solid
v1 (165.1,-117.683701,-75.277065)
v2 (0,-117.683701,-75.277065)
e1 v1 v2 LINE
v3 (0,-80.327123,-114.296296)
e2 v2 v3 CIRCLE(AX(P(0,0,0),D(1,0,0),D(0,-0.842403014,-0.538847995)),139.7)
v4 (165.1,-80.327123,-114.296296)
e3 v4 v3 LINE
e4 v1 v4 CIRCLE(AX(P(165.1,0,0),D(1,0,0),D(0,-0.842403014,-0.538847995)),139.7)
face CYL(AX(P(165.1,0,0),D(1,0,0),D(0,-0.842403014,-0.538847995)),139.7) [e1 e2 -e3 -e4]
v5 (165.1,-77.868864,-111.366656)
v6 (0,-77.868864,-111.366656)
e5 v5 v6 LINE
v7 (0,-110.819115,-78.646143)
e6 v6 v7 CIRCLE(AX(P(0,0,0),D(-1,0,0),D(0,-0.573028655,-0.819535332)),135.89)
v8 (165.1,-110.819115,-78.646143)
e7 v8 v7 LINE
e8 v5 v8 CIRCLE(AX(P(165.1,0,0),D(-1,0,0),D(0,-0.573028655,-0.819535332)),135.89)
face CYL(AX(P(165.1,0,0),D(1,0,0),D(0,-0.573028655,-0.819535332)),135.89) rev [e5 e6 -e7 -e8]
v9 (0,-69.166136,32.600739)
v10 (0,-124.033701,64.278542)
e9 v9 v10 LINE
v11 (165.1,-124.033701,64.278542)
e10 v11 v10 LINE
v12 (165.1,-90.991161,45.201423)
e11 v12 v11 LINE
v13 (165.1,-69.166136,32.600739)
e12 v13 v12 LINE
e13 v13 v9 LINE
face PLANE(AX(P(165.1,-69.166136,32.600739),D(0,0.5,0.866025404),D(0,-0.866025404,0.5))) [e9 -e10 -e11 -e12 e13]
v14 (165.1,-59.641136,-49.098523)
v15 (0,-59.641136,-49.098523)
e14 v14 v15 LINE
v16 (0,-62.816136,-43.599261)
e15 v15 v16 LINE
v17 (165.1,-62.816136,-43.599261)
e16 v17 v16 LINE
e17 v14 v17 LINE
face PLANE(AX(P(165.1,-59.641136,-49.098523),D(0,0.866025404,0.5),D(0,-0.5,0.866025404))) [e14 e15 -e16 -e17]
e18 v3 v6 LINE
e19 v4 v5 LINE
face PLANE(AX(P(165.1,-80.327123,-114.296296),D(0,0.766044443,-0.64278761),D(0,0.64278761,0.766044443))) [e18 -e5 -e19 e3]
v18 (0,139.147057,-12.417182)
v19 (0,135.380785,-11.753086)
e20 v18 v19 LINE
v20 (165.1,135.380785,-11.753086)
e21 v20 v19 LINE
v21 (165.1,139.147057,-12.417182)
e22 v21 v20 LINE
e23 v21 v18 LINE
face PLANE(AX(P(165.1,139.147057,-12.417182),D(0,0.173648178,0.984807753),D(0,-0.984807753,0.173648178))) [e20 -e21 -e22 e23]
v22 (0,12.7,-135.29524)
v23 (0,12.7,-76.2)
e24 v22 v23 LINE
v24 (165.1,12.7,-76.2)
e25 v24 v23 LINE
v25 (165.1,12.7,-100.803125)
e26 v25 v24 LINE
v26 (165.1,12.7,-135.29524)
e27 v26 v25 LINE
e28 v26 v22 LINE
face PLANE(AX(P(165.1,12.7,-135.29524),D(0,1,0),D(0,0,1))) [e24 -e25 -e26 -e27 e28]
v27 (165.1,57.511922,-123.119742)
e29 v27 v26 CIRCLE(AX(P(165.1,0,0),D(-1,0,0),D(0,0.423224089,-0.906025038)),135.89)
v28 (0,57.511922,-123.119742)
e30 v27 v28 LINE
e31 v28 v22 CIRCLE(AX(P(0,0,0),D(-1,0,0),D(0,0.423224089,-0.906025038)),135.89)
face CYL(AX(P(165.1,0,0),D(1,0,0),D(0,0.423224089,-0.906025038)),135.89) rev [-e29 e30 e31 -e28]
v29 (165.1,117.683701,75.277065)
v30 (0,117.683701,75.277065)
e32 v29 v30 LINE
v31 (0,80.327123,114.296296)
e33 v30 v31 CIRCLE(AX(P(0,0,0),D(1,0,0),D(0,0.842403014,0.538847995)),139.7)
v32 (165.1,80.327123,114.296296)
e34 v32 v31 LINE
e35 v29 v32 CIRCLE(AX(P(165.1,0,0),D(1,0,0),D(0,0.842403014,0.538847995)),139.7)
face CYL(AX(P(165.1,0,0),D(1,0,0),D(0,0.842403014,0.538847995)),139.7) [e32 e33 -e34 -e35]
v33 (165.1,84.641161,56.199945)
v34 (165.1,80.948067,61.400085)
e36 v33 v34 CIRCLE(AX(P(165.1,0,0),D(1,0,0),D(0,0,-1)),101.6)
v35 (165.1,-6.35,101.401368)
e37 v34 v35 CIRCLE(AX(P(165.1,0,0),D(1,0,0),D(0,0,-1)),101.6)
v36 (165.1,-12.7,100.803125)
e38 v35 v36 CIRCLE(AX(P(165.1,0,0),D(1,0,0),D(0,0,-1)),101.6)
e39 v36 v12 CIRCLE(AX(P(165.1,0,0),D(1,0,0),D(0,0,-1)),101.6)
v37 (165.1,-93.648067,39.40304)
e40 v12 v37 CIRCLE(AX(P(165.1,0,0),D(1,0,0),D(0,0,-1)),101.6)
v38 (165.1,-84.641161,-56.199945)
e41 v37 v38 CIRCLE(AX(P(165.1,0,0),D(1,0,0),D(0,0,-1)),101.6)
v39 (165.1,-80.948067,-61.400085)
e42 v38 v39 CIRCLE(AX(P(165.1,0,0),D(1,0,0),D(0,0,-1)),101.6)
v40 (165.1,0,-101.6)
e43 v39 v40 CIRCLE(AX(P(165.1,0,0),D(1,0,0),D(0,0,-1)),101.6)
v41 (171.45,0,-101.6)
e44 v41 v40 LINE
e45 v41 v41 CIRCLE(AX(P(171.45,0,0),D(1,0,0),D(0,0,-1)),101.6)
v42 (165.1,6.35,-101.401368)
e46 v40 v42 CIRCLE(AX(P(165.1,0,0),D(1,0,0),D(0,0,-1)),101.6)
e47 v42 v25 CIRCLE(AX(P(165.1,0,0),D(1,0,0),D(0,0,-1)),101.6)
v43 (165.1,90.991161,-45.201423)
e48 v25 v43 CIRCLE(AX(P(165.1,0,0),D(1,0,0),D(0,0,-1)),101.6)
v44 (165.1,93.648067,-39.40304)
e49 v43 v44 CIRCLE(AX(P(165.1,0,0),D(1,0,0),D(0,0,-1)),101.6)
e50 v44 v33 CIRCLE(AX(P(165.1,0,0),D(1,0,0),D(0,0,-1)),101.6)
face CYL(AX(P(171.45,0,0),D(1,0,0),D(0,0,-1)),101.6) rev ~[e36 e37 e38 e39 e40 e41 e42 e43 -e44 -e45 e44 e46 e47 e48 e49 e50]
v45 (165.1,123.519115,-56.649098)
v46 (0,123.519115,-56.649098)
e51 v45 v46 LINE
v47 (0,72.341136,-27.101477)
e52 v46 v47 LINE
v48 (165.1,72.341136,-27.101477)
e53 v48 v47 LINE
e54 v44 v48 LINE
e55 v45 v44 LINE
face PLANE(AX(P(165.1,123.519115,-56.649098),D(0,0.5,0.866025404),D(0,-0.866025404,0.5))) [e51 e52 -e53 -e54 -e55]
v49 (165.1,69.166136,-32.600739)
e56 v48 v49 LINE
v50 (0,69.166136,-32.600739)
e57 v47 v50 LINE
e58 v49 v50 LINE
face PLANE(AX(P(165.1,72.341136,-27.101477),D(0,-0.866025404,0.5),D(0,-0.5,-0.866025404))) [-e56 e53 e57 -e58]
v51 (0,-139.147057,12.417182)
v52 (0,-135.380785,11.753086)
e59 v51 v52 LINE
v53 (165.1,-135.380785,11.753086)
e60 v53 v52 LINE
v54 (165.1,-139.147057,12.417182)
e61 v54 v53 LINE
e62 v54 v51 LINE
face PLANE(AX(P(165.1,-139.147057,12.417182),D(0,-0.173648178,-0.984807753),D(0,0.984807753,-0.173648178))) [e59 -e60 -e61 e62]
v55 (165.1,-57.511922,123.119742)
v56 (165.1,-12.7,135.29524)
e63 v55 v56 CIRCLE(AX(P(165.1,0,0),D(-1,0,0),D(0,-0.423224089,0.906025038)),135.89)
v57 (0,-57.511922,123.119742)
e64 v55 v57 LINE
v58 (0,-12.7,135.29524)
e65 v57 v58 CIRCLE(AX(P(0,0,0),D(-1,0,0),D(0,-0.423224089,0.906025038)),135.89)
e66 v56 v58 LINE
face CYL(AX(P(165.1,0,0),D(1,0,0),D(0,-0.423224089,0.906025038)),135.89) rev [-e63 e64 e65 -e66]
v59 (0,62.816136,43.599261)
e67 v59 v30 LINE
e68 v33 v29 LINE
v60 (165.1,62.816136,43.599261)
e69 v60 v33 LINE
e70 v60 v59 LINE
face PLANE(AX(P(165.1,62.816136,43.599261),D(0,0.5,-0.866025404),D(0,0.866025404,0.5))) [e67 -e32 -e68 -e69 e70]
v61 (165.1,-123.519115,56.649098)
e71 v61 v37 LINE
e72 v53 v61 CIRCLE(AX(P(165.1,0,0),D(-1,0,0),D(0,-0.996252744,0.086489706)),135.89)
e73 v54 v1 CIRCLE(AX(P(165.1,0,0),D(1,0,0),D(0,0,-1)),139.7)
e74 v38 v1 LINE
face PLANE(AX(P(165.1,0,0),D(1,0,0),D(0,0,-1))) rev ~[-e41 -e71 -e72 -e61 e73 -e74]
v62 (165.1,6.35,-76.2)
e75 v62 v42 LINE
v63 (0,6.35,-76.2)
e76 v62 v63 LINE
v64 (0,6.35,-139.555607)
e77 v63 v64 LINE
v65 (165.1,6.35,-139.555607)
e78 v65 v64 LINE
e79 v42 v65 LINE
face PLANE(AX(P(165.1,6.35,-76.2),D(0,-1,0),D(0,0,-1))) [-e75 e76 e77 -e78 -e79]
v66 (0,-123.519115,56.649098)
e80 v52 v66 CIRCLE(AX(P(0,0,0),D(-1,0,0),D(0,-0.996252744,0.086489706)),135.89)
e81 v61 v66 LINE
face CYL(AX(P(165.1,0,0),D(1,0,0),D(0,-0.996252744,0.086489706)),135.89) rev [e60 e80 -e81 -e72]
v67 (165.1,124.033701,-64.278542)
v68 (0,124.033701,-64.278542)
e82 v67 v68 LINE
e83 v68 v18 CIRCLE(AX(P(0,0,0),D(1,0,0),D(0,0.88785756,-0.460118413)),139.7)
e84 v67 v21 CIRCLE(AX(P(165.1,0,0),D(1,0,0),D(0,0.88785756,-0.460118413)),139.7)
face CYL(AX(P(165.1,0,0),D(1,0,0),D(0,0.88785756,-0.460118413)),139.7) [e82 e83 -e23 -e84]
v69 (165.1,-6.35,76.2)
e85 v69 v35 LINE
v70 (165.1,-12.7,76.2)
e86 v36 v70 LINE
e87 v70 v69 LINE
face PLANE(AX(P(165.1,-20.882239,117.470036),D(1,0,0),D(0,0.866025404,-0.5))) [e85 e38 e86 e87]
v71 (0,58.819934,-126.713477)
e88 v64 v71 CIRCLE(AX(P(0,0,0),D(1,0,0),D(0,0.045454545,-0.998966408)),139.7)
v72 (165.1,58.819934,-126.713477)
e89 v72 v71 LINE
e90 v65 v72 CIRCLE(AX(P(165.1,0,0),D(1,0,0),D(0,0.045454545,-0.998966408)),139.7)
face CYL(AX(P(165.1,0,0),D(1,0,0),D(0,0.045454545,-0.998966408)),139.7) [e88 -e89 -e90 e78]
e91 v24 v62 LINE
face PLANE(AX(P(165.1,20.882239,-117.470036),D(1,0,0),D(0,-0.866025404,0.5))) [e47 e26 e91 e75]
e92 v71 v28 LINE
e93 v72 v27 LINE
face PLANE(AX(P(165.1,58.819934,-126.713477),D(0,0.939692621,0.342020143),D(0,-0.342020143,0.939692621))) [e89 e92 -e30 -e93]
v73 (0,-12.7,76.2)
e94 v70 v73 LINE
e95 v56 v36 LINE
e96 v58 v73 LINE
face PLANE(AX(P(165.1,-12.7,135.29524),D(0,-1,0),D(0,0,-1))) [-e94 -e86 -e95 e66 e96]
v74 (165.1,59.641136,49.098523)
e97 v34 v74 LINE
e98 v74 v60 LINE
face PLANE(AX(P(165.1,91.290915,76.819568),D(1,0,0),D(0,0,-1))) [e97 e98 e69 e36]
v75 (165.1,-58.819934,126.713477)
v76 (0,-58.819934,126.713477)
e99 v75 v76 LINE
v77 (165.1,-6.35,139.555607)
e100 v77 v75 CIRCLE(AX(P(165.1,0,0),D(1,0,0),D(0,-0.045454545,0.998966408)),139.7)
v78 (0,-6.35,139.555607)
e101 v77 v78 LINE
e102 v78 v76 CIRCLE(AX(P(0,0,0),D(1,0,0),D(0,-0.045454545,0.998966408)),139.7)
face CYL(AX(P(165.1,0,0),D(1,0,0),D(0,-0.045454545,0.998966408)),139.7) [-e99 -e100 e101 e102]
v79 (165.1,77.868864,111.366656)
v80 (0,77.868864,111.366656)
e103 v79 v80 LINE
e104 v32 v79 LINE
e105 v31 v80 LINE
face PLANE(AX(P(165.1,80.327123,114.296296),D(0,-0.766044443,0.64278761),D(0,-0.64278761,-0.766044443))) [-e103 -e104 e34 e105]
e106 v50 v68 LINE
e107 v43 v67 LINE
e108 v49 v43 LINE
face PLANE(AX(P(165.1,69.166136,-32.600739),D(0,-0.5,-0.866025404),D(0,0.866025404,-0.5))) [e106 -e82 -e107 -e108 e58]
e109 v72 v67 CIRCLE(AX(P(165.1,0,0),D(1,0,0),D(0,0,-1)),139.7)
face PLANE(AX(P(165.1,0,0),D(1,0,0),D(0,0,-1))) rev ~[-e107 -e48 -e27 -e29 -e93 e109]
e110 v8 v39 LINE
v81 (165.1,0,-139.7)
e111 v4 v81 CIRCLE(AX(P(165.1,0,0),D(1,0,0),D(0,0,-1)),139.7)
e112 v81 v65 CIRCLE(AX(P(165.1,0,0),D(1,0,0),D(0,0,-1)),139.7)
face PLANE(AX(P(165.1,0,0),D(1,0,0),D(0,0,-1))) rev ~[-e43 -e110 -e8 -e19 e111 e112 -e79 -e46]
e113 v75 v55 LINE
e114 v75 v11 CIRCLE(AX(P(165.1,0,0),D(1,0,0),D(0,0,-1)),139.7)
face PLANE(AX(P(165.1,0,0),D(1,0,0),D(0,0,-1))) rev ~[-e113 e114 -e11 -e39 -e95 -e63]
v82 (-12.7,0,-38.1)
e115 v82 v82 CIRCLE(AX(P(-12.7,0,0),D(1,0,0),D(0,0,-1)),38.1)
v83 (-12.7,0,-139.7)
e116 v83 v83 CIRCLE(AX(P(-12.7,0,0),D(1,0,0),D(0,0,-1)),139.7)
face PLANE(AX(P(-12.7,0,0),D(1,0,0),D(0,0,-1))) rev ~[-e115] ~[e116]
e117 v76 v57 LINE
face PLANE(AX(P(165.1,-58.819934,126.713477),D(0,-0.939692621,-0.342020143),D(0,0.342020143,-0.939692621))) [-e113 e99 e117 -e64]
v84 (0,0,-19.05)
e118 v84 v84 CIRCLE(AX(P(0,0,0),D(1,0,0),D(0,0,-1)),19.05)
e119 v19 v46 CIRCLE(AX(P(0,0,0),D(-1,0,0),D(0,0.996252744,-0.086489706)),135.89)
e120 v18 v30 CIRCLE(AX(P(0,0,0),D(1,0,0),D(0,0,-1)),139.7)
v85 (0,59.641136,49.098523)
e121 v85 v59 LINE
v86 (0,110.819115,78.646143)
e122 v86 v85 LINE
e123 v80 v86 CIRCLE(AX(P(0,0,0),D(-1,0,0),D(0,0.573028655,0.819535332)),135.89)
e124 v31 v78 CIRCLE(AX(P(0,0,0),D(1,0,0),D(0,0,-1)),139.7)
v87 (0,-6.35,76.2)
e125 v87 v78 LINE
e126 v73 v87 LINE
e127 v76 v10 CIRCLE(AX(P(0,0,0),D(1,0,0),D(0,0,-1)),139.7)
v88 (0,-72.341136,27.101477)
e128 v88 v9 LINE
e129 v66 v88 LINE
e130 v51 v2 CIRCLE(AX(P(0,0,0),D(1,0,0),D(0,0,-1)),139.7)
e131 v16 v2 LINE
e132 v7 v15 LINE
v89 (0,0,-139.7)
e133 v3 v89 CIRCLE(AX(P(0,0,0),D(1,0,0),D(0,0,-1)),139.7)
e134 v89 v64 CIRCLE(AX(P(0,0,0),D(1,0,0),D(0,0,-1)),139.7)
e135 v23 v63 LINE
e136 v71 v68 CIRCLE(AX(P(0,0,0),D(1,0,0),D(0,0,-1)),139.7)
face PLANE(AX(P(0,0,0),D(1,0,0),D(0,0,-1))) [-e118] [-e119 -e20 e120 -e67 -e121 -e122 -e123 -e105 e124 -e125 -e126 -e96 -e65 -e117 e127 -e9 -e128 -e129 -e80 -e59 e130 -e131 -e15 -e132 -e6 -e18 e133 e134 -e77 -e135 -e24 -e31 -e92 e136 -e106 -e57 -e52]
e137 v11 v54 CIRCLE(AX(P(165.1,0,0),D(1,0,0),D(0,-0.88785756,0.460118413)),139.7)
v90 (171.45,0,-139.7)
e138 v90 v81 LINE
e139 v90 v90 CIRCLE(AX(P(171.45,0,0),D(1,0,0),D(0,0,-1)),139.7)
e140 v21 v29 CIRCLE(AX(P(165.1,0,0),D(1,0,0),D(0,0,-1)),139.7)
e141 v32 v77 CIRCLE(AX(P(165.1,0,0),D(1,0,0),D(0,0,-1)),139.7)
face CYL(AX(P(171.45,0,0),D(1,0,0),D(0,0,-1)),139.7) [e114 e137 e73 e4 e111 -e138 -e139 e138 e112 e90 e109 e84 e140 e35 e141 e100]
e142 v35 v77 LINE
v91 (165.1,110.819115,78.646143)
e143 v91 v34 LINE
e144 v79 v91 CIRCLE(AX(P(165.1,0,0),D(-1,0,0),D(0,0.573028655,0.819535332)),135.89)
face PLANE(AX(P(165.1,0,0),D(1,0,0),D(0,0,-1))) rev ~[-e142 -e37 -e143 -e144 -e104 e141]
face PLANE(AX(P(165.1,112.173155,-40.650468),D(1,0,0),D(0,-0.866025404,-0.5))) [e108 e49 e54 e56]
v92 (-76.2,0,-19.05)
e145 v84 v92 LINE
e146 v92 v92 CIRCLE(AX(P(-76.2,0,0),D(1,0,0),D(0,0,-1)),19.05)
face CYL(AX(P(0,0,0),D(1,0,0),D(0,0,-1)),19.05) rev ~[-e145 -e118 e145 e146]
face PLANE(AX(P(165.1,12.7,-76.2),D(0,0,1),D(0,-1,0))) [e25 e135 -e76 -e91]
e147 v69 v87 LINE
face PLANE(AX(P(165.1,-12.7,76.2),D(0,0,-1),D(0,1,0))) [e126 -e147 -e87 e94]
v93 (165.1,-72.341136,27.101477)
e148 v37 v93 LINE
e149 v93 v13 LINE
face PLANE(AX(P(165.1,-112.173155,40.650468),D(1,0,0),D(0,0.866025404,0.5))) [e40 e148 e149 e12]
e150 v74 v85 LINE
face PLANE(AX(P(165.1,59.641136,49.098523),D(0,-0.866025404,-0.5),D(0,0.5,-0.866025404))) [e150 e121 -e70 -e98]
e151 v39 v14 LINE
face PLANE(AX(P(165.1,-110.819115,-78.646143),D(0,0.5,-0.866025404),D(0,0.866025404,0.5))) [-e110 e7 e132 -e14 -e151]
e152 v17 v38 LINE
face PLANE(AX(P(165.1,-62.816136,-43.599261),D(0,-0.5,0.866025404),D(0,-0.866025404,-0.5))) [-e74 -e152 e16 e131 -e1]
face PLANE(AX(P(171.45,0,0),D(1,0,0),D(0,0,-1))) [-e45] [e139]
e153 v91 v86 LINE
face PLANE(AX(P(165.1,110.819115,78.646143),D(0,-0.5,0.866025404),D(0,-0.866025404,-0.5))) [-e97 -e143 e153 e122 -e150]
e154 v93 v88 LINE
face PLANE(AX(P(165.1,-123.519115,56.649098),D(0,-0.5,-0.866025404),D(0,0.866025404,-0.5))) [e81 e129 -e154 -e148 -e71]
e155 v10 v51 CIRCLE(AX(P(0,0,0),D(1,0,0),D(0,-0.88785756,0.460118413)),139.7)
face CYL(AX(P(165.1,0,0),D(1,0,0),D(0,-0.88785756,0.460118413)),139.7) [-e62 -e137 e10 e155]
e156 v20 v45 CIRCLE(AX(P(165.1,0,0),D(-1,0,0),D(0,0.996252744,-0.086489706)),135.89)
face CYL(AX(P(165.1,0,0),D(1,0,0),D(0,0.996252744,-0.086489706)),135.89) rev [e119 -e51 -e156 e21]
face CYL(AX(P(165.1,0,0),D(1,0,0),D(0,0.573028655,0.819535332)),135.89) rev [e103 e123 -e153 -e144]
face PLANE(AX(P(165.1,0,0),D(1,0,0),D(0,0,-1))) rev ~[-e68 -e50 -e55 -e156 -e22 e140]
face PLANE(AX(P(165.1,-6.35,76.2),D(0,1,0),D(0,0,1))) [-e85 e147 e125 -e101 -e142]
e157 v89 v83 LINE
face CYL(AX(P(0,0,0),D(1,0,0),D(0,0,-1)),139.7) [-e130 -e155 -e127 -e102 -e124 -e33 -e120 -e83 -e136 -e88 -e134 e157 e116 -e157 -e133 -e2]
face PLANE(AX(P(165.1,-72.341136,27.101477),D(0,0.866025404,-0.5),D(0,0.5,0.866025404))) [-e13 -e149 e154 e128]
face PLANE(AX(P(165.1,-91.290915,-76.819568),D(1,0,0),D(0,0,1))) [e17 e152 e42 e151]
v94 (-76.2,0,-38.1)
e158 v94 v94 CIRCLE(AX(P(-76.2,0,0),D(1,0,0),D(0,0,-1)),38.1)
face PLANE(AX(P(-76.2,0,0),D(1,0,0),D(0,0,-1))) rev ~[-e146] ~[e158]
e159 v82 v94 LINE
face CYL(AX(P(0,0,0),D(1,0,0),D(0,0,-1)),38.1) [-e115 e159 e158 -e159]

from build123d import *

# Parameters (mm, degrees)
SKETCH3_R           = 38.1
SKETCH3_R_2         = 19.05
BOSS_EXTRUDE1_DEPTH = 76.2
SKETCH3_3_R         = 139.7
SKETCH3_3_R_2       = 38.1
BOSS_EXTRUDE2_DEPTH = 12.7
BOSS_EXTRUDE5_START = 165.1
BOSS_EXTRUDE5_DEPTH = 165.1
CIRPATTERN1_COUNT   = 6
BOSS_EXTRUDE6_START = 6.35
SKETCH5_R           = 139.7
SKETCH5_R_2         = 101.6
BOSS_EXTRUDE6_DEPTH = 6.35


with BuildPart() as part:
    # Sketch3 → Boss-Extrude1 (new body)
    with BuildSketch(Plane(origin=(0, 0, 0), x_dir=(0, 0, -1), z_dir=(1, 0, 0))):
        Circle(SKETCH3_R)
        Circle(SKETCH3_R_2, mode=Mode.SUBTRACT)
    extrude(amount=-BOSS_EXTRUDE1_DEPTH)

    # Sketch3<3> → Boss-Extrude2 (add)
    with BuildSketch(Plane(origin=(0, 0, 0), x_dir=(0, 0, -1), z_dir=(1, 0, 0))):
        Circle(SKETCH3_3_R)
        Circle(SKETCH3_3_R_2, mode=Mode.SUBTRACT)
    extrude(amount=-BOSS_EXTRUDE2_DEPTH)

    # Sketch4<4> → Boss-Extrude5 (add)
    with BuildSketch(Plane(origin=(0, 0, 0), x_dir=(0, 0, -1), z_dir=(1, 0, 0)).offset(BOSS_EXTRUDE5_START)):
        with BuildLine():
            Line((-49.098522628, 59.641135768), (-43.599261314, 62.816135768))
            Line((-43.599261314, 62.816135768), (-75.277064912, 117.683701073))
            ThreePointArc((-75.277064912, 117.683701073), (-96.609488412, 100.909349165), (-114.296295848, 80.32712341))
            Line((-114.296295848, 80.32712341), (-111.366656278, 77.868863928))
            ThreePointArc((-111.366656278, 77.868863928), (-96.424300498, 95.752004541), (-78.646142874, 110.819115278))
            Line((-78.646142874, 110.819115278), (-49.098522628, 59.641135768))
        make_face()
    boss_extrude5 = extrude(amount=-BOSS_EXTRUDE5_DEPTH)

    # CirPattern1: Boss-Extrude5 ×6 about axis
    cirpattern1_axis = Axis((0, 0, 0), (1, 0, 0))
    for i in range(1, CIRPATTERN1_COUNT):
        add(boss_extrude5.rotate(cirpattern1_axis, i * 360 / CIRPATTERN1_COUNT))

    # Sketch5 → Boss-Extrude6 (add)
    with BuildSketch(Plane(origin=(165.1, 0, 0), x_dir=(0, 0, -1), z_dir=(1, 0, 0)).offset(BOSS_EXTRUDE6_START)):
        Circle(SKETCH5_R)
        Circle(SKETCH5_R_2, mode=Mode.SUBTRACT)
    extrude(amount=-BOSS_EXTRUDE6_DEPTH)


solid = part.part
